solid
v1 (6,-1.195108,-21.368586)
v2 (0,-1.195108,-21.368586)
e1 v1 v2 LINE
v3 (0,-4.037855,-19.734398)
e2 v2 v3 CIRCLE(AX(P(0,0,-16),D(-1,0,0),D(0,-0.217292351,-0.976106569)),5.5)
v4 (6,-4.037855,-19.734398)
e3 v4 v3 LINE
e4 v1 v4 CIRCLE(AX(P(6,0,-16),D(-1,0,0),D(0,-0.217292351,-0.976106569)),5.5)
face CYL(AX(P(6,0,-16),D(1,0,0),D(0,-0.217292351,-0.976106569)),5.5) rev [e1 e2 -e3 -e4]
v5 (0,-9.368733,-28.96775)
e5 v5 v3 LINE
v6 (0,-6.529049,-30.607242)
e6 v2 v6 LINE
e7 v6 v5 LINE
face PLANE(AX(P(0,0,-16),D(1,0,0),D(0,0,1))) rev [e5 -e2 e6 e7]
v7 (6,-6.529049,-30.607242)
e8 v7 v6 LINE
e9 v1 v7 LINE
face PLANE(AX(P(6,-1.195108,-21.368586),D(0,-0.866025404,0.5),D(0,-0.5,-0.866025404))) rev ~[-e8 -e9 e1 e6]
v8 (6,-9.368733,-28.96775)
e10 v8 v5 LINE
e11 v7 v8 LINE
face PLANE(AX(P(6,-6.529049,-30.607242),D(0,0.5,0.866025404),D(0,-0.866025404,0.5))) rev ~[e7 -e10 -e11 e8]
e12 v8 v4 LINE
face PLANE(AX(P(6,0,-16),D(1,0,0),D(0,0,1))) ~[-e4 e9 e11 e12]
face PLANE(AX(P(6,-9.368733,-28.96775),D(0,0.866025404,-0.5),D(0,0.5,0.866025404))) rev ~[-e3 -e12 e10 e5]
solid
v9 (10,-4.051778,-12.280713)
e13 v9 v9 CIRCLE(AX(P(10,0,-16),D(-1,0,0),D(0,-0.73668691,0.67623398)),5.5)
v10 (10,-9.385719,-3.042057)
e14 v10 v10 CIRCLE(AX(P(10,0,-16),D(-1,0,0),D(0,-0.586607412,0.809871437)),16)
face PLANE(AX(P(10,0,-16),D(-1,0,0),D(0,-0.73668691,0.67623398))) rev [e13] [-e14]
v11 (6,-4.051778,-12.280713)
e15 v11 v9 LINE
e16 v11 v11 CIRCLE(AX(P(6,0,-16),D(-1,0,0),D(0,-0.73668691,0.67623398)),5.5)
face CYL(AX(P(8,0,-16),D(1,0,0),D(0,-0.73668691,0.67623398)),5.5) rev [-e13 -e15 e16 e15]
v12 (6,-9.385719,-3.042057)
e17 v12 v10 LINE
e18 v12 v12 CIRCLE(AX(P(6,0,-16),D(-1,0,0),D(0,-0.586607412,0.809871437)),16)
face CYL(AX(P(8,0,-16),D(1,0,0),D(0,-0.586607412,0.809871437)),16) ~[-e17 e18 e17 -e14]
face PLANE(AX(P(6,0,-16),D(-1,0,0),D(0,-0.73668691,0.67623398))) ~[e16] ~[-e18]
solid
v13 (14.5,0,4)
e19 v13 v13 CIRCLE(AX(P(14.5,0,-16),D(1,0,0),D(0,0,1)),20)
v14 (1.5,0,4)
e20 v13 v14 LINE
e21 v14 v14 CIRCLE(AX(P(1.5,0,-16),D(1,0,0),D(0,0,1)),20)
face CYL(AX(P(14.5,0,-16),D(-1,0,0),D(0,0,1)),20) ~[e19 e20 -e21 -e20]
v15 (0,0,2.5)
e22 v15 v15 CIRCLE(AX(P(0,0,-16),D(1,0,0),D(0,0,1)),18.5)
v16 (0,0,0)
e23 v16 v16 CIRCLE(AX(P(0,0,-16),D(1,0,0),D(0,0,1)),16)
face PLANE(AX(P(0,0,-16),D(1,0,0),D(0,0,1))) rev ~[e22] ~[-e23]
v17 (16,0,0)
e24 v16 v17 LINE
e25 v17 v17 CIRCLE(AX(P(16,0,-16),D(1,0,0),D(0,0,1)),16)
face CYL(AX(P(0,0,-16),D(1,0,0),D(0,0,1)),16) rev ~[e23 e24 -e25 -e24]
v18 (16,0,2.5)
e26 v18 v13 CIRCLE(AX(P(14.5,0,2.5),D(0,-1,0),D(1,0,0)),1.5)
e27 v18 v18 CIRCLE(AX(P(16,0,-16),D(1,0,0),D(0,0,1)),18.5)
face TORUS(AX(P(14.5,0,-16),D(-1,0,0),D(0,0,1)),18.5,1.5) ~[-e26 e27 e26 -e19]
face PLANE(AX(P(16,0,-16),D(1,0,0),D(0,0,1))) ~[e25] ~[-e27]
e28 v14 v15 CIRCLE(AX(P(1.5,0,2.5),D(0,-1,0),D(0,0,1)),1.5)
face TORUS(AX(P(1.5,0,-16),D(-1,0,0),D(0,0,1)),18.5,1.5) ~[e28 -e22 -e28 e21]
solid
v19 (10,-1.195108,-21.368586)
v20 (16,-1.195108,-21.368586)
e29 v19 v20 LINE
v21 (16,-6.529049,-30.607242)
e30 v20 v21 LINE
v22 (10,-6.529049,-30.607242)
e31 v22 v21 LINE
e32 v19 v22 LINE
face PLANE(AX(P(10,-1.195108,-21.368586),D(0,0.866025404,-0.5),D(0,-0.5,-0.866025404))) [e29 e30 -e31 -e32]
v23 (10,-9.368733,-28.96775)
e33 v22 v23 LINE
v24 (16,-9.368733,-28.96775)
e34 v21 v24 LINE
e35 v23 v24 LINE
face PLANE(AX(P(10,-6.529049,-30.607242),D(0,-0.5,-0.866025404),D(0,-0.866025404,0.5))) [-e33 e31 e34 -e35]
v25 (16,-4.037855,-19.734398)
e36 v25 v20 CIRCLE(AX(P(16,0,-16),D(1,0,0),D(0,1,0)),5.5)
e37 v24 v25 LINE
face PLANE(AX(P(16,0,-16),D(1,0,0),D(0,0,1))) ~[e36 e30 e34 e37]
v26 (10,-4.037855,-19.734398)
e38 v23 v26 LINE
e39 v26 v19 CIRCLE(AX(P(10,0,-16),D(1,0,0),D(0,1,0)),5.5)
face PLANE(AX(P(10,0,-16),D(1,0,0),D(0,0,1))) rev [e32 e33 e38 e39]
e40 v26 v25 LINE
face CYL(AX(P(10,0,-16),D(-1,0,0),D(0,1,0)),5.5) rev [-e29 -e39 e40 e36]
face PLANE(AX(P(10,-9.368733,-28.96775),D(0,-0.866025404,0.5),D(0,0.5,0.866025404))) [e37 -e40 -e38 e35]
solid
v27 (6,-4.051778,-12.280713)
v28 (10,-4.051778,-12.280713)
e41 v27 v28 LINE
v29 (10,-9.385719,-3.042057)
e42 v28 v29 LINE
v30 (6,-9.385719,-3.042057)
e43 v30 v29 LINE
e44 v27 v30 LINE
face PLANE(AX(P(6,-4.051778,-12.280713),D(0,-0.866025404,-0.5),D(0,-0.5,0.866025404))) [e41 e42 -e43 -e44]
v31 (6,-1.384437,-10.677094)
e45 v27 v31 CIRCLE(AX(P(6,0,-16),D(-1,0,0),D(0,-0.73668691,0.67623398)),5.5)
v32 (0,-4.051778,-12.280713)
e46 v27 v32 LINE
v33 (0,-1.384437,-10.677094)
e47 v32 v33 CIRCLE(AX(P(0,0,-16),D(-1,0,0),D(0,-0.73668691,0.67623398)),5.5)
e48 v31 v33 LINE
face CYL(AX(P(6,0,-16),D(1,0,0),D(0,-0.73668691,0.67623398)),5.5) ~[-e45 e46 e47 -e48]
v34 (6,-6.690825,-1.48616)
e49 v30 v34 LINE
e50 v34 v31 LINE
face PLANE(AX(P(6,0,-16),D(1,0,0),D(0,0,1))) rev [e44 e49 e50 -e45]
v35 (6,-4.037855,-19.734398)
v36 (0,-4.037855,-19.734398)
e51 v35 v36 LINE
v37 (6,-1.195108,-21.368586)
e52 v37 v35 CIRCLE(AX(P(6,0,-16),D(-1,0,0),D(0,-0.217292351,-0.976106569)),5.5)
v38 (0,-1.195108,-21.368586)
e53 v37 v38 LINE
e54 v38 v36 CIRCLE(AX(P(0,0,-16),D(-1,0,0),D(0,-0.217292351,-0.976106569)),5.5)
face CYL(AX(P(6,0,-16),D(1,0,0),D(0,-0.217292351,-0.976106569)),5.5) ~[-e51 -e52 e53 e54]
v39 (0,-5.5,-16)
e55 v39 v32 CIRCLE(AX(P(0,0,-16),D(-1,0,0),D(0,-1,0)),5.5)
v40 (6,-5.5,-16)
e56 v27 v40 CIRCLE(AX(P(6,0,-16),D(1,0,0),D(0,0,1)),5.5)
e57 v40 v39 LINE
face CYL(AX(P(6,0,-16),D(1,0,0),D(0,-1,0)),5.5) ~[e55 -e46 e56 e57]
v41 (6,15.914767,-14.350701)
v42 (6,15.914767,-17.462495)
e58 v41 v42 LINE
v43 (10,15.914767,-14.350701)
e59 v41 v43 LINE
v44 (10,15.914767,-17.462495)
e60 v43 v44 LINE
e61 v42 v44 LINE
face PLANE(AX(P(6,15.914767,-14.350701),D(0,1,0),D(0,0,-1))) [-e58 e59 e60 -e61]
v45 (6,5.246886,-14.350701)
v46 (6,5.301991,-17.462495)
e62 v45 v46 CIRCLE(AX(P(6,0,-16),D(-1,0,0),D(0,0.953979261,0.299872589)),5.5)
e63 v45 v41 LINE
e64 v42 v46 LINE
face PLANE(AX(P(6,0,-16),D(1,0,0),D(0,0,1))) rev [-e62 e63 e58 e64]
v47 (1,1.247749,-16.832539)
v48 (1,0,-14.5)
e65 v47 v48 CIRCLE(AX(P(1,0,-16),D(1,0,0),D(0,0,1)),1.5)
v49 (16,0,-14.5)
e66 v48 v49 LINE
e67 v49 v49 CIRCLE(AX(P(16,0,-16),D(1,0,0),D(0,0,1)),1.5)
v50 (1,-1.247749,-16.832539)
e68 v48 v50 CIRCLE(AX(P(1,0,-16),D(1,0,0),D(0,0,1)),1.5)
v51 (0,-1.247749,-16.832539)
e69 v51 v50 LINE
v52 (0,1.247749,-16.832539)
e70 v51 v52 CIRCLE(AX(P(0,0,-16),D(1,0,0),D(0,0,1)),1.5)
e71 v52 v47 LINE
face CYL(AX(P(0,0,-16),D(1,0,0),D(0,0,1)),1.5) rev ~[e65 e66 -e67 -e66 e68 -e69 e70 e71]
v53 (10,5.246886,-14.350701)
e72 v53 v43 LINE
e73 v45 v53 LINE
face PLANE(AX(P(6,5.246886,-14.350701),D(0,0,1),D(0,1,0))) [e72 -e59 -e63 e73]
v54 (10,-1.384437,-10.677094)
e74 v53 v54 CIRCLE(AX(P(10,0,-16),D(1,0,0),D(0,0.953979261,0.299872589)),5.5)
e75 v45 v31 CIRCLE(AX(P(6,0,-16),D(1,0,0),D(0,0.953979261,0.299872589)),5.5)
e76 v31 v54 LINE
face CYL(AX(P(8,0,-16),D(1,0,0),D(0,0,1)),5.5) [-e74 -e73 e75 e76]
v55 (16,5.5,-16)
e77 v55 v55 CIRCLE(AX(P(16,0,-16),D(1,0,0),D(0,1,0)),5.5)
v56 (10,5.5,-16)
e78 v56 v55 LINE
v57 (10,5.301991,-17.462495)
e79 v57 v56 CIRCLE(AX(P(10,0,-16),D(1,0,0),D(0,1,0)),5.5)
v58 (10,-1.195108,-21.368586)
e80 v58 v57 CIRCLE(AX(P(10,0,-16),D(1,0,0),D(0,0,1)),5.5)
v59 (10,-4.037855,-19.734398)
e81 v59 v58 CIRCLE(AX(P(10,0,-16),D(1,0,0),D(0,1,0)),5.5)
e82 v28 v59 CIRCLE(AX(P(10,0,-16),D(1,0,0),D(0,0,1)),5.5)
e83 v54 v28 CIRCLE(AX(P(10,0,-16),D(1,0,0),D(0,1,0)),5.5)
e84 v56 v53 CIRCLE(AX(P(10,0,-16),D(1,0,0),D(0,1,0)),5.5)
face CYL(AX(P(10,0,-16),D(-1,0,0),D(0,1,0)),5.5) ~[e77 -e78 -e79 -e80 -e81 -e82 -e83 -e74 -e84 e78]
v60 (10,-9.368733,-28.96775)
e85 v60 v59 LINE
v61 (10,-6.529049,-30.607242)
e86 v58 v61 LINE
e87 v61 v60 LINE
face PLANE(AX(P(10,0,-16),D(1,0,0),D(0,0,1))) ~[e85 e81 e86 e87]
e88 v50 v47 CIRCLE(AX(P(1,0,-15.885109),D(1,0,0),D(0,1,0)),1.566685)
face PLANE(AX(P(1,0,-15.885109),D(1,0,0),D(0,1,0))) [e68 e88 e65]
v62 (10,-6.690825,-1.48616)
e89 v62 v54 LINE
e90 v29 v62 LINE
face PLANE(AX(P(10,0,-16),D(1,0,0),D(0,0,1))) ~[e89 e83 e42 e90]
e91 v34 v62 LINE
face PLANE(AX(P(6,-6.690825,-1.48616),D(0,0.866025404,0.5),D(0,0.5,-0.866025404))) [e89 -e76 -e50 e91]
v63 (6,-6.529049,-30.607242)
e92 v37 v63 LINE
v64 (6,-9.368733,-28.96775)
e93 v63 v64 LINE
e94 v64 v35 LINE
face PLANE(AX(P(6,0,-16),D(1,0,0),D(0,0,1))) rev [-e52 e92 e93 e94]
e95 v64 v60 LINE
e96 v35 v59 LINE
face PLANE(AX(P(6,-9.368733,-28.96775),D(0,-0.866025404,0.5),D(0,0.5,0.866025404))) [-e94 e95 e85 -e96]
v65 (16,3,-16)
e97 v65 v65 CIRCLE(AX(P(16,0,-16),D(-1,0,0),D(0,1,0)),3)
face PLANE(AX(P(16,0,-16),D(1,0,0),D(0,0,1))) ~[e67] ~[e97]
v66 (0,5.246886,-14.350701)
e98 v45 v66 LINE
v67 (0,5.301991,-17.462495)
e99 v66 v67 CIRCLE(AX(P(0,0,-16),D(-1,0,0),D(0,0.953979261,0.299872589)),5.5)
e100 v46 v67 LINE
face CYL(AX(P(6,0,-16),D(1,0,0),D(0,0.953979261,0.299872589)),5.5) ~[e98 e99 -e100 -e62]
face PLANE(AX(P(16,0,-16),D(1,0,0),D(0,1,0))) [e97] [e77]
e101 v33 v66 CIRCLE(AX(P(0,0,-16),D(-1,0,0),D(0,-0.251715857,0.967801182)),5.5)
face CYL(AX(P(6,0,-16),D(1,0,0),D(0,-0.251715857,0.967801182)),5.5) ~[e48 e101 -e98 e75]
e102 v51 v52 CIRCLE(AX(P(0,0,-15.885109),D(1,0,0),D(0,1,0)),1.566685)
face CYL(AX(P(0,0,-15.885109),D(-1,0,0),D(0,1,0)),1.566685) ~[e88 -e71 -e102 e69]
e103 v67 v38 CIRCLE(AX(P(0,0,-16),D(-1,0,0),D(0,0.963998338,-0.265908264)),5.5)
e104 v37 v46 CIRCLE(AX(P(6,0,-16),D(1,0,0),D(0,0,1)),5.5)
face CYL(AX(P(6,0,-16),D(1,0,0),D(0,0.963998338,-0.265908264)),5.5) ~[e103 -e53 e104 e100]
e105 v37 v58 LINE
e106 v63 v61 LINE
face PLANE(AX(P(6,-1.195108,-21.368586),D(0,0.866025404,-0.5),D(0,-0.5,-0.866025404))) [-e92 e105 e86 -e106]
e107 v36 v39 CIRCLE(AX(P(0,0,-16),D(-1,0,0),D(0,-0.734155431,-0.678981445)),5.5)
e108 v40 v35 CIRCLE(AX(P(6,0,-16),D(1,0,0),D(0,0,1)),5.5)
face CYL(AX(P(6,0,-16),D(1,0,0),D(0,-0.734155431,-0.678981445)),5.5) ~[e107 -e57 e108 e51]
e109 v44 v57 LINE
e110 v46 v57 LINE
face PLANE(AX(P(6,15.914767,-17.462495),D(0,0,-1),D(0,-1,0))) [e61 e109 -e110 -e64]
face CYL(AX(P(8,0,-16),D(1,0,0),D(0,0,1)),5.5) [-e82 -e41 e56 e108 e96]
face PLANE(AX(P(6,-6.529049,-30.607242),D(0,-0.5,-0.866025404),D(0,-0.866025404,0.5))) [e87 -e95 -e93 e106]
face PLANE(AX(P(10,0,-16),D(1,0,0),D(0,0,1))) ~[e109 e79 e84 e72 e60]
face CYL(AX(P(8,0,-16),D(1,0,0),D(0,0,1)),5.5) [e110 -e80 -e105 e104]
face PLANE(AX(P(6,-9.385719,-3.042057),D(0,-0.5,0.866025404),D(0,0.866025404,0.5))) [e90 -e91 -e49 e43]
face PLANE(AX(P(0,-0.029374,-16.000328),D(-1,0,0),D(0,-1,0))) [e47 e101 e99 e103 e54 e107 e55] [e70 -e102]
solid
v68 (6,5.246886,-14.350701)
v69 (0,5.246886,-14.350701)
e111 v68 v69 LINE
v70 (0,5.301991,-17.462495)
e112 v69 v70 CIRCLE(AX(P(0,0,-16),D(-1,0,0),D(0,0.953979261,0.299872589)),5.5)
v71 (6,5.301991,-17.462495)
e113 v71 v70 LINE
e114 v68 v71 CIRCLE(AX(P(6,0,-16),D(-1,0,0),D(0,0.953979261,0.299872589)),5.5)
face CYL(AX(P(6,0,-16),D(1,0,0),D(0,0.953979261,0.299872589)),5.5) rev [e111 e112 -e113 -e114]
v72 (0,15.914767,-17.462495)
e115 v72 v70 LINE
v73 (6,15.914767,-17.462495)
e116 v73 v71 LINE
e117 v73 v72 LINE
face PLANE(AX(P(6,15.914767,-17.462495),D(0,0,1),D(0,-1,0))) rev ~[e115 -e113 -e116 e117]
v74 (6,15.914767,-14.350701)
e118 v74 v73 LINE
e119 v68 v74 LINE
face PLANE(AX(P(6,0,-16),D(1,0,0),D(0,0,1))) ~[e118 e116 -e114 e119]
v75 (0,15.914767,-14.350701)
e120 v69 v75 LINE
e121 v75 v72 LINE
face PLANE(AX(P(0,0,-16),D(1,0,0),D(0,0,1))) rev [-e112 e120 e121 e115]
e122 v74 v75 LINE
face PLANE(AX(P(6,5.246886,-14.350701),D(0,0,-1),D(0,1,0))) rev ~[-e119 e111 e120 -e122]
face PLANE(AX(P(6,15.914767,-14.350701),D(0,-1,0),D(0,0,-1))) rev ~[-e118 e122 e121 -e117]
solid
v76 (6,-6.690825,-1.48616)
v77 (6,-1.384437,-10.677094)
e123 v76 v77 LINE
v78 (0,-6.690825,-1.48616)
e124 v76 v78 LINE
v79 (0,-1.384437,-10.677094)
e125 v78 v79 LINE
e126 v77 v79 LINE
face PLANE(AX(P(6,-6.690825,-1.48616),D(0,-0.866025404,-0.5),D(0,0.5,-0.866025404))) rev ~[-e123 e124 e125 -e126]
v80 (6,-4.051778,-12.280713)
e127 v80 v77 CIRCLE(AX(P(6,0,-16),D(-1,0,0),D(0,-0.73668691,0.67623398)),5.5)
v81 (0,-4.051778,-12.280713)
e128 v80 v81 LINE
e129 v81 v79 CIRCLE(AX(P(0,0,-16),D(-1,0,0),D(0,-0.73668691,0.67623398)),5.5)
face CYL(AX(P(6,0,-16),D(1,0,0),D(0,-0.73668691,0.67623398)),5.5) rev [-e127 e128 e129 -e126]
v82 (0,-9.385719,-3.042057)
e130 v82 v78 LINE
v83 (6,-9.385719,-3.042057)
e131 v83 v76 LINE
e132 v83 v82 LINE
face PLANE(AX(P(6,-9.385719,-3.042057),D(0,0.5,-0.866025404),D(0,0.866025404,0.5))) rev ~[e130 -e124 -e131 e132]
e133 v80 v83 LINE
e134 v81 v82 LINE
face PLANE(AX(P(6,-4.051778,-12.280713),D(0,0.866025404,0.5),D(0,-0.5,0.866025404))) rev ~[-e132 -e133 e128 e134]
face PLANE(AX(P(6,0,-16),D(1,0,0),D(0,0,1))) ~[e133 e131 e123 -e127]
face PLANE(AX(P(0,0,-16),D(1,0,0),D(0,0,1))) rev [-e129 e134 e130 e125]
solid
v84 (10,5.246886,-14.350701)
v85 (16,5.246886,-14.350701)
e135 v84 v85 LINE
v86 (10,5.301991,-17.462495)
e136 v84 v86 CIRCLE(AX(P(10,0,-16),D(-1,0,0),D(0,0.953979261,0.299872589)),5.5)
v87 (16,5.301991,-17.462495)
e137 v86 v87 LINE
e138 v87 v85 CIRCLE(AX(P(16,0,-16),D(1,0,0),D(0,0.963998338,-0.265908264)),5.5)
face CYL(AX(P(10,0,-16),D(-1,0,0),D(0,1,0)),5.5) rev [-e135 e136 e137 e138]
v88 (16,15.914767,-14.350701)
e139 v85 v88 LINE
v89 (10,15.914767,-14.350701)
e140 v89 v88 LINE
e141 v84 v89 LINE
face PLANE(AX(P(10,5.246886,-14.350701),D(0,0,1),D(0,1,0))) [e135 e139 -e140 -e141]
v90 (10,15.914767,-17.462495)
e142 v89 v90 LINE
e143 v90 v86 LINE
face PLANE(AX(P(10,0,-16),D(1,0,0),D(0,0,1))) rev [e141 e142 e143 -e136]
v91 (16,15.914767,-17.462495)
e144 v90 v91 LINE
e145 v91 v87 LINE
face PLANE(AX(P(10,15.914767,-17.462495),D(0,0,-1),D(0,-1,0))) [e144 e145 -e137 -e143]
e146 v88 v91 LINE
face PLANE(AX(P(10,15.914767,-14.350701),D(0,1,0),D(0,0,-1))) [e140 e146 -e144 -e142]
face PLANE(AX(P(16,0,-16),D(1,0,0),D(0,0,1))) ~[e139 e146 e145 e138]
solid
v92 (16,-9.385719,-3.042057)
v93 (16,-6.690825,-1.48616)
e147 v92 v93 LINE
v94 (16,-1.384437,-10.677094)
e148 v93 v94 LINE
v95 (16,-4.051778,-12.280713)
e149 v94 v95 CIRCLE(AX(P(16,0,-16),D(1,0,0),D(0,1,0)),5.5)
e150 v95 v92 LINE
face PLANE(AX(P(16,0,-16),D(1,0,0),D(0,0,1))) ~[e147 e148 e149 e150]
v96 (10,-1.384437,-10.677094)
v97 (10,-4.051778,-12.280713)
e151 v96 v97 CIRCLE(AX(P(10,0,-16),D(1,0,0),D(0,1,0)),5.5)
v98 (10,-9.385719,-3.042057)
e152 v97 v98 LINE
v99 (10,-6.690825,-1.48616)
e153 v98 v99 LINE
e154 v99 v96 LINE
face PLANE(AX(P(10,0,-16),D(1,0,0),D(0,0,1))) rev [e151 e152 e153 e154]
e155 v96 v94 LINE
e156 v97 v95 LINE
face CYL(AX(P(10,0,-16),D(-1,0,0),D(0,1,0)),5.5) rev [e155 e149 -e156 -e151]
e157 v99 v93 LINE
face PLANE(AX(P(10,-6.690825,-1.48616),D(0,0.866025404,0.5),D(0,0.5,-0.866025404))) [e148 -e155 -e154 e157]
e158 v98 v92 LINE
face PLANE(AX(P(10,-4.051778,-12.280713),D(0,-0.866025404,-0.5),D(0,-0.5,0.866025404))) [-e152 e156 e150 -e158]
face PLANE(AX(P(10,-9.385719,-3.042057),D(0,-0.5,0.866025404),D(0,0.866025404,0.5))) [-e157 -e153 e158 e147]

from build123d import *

# Parameters (mm, degrees)
F0_W       = 4
F0_H       = 1.5
F0_W_2     = 6
F0_H_2     = 2.5
F3_DEPTH   = 4
F4_R       = 1.5666851265
F5_DEPTH   = 1
F6_R       = 3
F7_DEPTH   = 6
F8_R       = 5.5
F8_R_2     = 3
F9_DEPTH   = 6
F3_FACE1_W = 4
F3_FACE1_H = 10.6678811696
F11_DEPTH  = 6
F12_DEPTH  = 6


with BuildPart() as f1:
    # F0 (on Front) → F1 (revolve)
    with BuildSketch(Plane.XZ):
        with BuildLine():
            Line((0, 2.5), (0, 0))
            Line((0, 0), (6, 0))
            Line((6, 0), (10, 0))
            Line((10, 0), (16, 0))
            Line((16, 0), (16, 2.5))
            ThreePointArc((16, 2.5), (15.5606601718, 3.5606601718), (14.5, 4))
            Line((14.5, 4), (1.5, 4))
            ThreePointArc((1.5, 4), (0.4393398282, 3.5606601718), (0, 2.5))
        make_face()
        with Locations((8, -13.75)):
            Rectangle(F0_W, F0_H)
        with Locations((3, -13.75)):
            Rectangle(F0_W_2, F0_H)
        with Locations((8, -11.75)):
            Rectangle(F0_W, F0_H_2)
        with Locations((13, -13.75)):
            Rectangle(F0_W_2, F0_H)
    revolve(axis=Axis((8, 0, -16), (1, 0, 0)))

    # F2 (on face) → F3 (join)
    with BuildSketch(Plane(origin=(6, 0, 0), x_dir=(0, -1, 0), z_dir=(-1, 0, 0))):
        with BuildLine():
            Line((6.6908253366, -1.4861596642), (1.3844372123, -10.6770935002))
            ThreePointArc((1.3844372123, -10.6770935002), (2.8339033039, -11.2862974145), (4.051778006, -12.2807131073))
            Line((4.051778006, -12.2807131073), (9.3857185908, -3.0420570099))
            Line((9.3857185908, -3.0420570099), (6.6908253366, -1.4861596642))
        make_face()
        with BuildLine():
            ThreePointArc((4.037854872, -19.7343979479), (2.741097896, -20.7682682731), (1.1951079301, -21.36858613))
            Line((1.1951079301, -21.36858613), (6.5290485149, -30.6072422274))
            Line((6.5290485149, -30.6072422274), (9.3687329614, -28.9677496478))
            Line((9.3687329614, -28.9677496478), (4.037854872, -19.7343979479))
        make_face()
        with BuildLine():
            ThreePointArc((-5.3019908569, -17.4624954541), (-5.4991378368, -15.9026190397), (-5.246885936, -14.3507007627))
            Line((-5.246885936, -14.3507007627), (-15.9147671056, -14.3507007627))
            Line((-15.9147671056, -14.3507007627), (-15.9147671056, -17.4624954541))
            Line((-15.9147671056, -17.4624954541), (-5.3019908569, -17.4624954541))
        make_face()
    extrude(amount=-F3_DEPTH)

    # F4 (on Right) → F5 (join)
    with BuildSketch(Plane.YZ):
        with Locations((0, -15.8851090819)):
            Circle(F4_R)
    extrude(amount=F5_DEPTH)

    # F6 (on face) → F7 (join)
    with BuildSketch(Plane(origin=(6, 0, 0), x_dir=(0, -1, 0), z_dir=(-1, 0, 0))):
        with BuildLine():
            ThreePointArc((4.037854872, -19.7343979479), (5.1214354333, -18.0052179687), (5.5, -16))
            ThreePointArc((5.5, -16), (5.1251721451, -14.0043521143), (4.051778006, -12.2807131073))
            ThreePointArc((4.051778006, -12.2807131073), (2.8339033039, -11.2862974145), (1.3844372123, -10.6770935002))
            ThreePointArc((1.3844372123, -10.6770935002), (-2.665234533, -11.1889164542), (-5.246885936, -14.3507007627))
            ThreePointArc((-5.246885936, -14.3507007627), (-5.4991378368, -15.9026190397), (-5.3019908569, -17.4624954541))
            ThreePointArc((-5.3019908569, -17.4624954541), (-2.8339033039, -20.7137025855), (1.1951079301, -21.36858613))
            ThreePointArc((1.1951079301, -21.36858613), (2.741097896, -20.7682682731), (4.037854872, -19.7343979479))
        make_face()
        with Locations((0, -16)):
            Circle(F6_R, mode=Mode.SUBTRACT)
    extrude(amount=F7_DEPTH)

    # F8 (on face) → F9 (join)
    with BuildSketch(Plane.YZ.offset(10)):
        with Locations((0, -16)):
            Circle(F8_R)
        with Locations((0, -16)):
            Circle(F8_R_2, mode=Mode.SUBTRACT)
    extrude(amount=F9_DEPTH)


with BuildPart() as f10:
    # F3_face1 (on face) → F10 (revolve)
    with BuildSketch(Plane(origin=(8, -6.7187482984, -7.6613850586), x_dir=(1, 0, 0), z_dir=(0, -0.8660254038, -0.5))):
        Rectangle(F3_FACE1_W, F3_FACE1_H)
    revolve(axis=Axis((10, 0, -16), (-1, 0, 0)))


with BuildPart() as f11:
    # F11 (new): faces of the model
    f11_faces = [f1.part.faces().sort_by_distance(p)[0] for p in [
        (6, 10.6696132386, -15.9052587497),
        (6, -5.4168549489, -6.8072145119),
        (6, -5.324286083, -25.2418602225),
    ]]
    extrude(f11_faces, amount=F11_DEPTH)


with BuildPart() as f12:
    # F12 (new): faces of the model
    f12_faces = [f1.part.faces().sort_by_distance(p)[0] for p in [
        (10, -5.4168549489, -6.8072145119),
        (10, -5.324286083, -25.2418602225),
        (10, 10.6696132386, -15.9052587497),
    ]]
    extrude(f12_faces, amount=F12_DEPTH)


solid = Compound([f1.part, f10.part, f11.part, f12.part])
